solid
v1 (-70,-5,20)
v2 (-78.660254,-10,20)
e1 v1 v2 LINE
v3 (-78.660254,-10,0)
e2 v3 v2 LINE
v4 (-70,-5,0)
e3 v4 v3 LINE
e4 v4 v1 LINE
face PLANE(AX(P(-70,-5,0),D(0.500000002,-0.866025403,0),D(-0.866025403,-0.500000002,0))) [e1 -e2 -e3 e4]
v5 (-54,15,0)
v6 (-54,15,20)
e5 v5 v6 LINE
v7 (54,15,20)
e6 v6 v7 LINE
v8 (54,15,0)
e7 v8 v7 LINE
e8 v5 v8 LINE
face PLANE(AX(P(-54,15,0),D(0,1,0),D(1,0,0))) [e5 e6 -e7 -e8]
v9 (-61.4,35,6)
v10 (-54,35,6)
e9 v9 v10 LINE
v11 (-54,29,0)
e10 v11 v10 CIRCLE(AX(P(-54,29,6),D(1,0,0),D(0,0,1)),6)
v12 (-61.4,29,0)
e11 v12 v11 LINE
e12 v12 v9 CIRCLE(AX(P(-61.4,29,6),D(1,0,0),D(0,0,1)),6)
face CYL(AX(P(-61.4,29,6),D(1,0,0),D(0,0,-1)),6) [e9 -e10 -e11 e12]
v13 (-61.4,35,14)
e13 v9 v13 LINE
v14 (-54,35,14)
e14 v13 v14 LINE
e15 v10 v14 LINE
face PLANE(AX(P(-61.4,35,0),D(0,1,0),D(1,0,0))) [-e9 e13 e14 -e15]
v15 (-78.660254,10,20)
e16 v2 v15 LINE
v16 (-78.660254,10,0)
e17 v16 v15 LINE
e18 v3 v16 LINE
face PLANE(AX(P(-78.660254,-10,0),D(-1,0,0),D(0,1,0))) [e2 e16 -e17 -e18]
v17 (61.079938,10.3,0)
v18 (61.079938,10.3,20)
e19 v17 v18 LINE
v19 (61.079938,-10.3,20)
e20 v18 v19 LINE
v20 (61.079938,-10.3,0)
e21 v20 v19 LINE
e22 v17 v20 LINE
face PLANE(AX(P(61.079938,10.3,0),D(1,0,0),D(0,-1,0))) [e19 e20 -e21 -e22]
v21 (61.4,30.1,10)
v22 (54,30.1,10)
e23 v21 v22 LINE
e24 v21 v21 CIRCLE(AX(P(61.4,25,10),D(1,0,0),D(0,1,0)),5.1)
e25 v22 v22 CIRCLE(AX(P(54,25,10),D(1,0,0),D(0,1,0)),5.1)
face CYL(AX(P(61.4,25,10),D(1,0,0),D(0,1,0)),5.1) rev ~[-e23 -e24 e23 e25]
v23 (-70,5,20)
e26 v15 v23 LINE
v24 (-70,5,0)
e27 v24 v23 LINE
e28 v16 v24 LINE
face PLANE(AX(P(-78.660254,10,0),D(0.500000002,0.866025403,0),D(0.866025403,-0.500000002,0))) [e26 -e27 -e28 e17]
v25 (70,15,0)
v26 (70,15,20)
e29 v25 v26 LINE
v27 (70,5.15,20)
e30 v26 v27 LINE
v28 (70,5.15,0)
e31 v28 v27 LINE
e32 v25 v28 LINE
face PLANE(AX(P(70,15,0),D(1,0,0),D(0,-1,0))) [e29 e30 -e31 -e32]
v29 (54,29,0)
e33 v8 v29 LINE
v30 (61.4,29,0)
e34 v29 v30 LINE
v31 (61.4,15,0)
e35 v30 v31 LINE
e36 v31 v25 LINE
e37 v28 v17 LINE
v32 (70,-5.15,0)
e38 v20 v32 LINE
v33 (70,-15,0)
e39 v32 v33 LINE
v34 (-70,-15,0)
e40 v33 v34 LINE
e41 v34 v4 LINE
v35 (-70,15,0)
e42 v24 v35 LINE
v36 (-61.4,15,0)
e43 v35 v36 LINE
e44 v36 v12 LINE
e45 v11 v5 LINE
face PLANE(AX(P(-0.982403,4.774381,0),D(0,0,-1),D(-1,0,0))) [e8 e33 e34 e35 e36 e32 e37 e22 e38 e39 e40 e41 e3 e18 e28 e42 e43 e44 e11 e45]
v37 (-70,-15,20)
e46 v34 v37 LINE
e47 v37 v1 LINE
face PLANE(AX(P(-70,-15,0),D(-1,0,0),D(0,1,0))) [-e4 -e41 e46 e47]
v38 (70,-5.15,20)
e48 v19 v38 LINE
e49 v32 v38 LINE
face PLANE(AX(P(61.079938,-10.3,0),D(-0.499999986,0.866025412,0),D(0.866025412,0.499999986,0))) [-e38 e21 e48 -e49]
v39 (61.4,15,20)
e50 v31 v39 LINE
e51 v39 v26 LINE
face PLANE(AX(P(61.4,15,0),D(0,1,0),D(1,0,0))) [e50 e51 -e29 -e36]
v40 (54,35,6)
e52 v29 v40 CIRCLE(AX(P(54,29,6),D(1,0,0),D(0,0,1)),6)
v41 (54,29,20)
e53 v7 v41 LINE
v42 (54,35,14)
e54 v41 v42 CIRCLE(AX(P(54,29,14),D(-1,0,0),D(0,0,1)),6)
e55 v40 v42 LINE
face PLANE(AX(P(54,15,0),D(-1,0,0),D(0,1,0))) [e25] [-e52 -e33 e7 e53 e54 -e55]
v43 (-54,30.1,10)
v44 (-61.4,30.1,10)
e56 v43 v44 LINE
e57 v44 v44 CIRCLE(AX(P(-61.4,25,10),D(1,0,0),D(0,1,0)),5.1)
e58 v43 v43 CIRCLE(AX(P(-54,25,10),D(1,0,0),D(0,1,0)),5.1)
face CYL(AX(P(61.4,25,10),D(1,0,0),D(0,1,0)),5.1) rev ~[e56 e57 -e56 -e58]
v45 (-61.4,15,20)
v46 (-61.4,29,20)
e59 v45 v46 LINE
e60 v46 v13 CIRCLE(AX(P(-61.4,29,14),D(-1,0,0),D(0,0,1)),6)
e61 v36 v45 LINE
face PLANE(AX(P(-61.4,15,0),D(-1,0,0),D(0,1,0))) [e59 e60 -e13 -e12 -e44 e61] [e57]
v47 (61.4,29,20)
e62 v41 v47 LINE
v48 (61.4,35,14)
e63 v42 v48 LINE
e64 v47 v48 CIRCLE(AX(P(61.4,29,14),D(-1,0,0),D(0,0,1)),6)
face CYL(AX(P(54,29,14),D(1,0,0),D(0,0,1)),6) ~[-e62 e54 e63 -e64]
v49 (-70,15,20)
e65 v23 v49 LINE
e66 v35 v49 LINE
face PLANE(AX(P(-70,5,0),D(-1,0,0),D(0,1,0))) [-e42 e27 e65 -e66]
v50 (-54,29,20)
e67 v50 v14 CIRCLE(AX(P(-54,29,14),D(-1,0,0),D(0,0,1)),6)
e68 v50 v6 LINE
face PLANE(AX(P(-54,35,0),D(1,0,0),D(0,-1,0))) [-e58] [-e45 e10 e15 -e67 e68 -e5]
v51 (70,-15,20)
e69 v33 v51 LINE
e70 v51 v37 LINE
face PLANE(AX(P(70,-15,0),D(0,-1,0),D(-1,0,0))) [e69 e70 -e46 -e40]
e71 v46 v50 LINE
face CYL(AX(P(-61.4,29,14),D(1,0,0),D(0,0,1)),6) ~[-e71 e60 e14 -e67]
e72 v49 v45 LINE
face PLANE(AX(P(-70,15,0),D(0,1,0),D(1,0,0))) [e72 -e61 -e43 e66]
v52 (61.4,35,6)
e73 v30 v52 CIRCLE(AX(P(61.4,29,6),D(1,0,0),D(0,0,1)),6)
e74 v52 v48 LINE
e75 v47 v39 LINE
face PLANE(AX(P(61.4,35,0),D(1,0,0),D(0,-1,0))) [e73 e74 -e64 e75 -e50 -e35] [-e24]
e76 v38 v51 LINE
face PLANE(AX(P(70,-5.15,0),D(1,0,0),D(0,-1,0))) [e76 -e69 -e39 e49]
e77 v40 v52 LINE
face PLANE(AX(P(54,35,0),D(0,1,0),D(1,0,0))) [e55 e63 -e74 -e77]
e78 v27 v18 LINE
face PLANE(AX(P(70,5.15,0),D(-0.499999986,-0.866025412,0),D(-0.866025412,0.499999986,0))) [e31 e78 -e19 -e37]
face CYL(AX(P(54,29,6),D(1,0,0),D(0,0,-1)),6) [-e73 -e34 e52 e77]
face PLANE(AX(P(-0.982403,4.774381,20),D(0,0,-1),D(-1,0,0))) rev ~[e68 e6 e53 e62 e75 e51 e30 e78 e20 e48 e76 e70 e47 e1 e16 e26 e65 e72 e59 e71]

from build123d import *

# Parameters (mm, degrees)
PAD001_DEPTH = 20
SKETCH002_R  = 5.1
POCKET_DEPTH = 200
FILLET_R     = 6


with BuildPart() as part:
    # Sketch001 → Pad001 (new body)
    with BuildSketch(Plane.XY):
        Polygon((-70, 15), (-61.4, 15), (-61.4, 35), (-54, 35), (-54, 15), (54, 15), (54, 35), (61.4, 35), (61.4, 15), (70, 15), (70, 5.15), (61.079938, 10.3), (61.079938, -10.3), (70, -5.15), (70, -15), (-70, -15), (-70, -5), (-78.660254, -10), (-78.660254, 10), (-70, 5), align=None)
    extrude(amount=PAD001_DEPTH)

    # Sketch002 (on Face9 of Pad001) → Pocket (cut)
    with BuildSketch(Plane.YZ.offset(61.4)):
        with Locations((25, 10)):
            Circle(SKETCH002_R)
    extrude(amount=-POCKET_DEPTH, mode=Mode.SUBTRACT)

    # Fillet
    fillet_edges = [part.edges().sort_by_distance(p)[0] for p in [
        (57.7, 35, 20),
        (57.7, 35, 0),
        (-57.7, 35, 0),
        (-57.7, 35, 20),
    ]]
    fillet(fillet_edges, radius=FILLET_R)


solid = part.part
